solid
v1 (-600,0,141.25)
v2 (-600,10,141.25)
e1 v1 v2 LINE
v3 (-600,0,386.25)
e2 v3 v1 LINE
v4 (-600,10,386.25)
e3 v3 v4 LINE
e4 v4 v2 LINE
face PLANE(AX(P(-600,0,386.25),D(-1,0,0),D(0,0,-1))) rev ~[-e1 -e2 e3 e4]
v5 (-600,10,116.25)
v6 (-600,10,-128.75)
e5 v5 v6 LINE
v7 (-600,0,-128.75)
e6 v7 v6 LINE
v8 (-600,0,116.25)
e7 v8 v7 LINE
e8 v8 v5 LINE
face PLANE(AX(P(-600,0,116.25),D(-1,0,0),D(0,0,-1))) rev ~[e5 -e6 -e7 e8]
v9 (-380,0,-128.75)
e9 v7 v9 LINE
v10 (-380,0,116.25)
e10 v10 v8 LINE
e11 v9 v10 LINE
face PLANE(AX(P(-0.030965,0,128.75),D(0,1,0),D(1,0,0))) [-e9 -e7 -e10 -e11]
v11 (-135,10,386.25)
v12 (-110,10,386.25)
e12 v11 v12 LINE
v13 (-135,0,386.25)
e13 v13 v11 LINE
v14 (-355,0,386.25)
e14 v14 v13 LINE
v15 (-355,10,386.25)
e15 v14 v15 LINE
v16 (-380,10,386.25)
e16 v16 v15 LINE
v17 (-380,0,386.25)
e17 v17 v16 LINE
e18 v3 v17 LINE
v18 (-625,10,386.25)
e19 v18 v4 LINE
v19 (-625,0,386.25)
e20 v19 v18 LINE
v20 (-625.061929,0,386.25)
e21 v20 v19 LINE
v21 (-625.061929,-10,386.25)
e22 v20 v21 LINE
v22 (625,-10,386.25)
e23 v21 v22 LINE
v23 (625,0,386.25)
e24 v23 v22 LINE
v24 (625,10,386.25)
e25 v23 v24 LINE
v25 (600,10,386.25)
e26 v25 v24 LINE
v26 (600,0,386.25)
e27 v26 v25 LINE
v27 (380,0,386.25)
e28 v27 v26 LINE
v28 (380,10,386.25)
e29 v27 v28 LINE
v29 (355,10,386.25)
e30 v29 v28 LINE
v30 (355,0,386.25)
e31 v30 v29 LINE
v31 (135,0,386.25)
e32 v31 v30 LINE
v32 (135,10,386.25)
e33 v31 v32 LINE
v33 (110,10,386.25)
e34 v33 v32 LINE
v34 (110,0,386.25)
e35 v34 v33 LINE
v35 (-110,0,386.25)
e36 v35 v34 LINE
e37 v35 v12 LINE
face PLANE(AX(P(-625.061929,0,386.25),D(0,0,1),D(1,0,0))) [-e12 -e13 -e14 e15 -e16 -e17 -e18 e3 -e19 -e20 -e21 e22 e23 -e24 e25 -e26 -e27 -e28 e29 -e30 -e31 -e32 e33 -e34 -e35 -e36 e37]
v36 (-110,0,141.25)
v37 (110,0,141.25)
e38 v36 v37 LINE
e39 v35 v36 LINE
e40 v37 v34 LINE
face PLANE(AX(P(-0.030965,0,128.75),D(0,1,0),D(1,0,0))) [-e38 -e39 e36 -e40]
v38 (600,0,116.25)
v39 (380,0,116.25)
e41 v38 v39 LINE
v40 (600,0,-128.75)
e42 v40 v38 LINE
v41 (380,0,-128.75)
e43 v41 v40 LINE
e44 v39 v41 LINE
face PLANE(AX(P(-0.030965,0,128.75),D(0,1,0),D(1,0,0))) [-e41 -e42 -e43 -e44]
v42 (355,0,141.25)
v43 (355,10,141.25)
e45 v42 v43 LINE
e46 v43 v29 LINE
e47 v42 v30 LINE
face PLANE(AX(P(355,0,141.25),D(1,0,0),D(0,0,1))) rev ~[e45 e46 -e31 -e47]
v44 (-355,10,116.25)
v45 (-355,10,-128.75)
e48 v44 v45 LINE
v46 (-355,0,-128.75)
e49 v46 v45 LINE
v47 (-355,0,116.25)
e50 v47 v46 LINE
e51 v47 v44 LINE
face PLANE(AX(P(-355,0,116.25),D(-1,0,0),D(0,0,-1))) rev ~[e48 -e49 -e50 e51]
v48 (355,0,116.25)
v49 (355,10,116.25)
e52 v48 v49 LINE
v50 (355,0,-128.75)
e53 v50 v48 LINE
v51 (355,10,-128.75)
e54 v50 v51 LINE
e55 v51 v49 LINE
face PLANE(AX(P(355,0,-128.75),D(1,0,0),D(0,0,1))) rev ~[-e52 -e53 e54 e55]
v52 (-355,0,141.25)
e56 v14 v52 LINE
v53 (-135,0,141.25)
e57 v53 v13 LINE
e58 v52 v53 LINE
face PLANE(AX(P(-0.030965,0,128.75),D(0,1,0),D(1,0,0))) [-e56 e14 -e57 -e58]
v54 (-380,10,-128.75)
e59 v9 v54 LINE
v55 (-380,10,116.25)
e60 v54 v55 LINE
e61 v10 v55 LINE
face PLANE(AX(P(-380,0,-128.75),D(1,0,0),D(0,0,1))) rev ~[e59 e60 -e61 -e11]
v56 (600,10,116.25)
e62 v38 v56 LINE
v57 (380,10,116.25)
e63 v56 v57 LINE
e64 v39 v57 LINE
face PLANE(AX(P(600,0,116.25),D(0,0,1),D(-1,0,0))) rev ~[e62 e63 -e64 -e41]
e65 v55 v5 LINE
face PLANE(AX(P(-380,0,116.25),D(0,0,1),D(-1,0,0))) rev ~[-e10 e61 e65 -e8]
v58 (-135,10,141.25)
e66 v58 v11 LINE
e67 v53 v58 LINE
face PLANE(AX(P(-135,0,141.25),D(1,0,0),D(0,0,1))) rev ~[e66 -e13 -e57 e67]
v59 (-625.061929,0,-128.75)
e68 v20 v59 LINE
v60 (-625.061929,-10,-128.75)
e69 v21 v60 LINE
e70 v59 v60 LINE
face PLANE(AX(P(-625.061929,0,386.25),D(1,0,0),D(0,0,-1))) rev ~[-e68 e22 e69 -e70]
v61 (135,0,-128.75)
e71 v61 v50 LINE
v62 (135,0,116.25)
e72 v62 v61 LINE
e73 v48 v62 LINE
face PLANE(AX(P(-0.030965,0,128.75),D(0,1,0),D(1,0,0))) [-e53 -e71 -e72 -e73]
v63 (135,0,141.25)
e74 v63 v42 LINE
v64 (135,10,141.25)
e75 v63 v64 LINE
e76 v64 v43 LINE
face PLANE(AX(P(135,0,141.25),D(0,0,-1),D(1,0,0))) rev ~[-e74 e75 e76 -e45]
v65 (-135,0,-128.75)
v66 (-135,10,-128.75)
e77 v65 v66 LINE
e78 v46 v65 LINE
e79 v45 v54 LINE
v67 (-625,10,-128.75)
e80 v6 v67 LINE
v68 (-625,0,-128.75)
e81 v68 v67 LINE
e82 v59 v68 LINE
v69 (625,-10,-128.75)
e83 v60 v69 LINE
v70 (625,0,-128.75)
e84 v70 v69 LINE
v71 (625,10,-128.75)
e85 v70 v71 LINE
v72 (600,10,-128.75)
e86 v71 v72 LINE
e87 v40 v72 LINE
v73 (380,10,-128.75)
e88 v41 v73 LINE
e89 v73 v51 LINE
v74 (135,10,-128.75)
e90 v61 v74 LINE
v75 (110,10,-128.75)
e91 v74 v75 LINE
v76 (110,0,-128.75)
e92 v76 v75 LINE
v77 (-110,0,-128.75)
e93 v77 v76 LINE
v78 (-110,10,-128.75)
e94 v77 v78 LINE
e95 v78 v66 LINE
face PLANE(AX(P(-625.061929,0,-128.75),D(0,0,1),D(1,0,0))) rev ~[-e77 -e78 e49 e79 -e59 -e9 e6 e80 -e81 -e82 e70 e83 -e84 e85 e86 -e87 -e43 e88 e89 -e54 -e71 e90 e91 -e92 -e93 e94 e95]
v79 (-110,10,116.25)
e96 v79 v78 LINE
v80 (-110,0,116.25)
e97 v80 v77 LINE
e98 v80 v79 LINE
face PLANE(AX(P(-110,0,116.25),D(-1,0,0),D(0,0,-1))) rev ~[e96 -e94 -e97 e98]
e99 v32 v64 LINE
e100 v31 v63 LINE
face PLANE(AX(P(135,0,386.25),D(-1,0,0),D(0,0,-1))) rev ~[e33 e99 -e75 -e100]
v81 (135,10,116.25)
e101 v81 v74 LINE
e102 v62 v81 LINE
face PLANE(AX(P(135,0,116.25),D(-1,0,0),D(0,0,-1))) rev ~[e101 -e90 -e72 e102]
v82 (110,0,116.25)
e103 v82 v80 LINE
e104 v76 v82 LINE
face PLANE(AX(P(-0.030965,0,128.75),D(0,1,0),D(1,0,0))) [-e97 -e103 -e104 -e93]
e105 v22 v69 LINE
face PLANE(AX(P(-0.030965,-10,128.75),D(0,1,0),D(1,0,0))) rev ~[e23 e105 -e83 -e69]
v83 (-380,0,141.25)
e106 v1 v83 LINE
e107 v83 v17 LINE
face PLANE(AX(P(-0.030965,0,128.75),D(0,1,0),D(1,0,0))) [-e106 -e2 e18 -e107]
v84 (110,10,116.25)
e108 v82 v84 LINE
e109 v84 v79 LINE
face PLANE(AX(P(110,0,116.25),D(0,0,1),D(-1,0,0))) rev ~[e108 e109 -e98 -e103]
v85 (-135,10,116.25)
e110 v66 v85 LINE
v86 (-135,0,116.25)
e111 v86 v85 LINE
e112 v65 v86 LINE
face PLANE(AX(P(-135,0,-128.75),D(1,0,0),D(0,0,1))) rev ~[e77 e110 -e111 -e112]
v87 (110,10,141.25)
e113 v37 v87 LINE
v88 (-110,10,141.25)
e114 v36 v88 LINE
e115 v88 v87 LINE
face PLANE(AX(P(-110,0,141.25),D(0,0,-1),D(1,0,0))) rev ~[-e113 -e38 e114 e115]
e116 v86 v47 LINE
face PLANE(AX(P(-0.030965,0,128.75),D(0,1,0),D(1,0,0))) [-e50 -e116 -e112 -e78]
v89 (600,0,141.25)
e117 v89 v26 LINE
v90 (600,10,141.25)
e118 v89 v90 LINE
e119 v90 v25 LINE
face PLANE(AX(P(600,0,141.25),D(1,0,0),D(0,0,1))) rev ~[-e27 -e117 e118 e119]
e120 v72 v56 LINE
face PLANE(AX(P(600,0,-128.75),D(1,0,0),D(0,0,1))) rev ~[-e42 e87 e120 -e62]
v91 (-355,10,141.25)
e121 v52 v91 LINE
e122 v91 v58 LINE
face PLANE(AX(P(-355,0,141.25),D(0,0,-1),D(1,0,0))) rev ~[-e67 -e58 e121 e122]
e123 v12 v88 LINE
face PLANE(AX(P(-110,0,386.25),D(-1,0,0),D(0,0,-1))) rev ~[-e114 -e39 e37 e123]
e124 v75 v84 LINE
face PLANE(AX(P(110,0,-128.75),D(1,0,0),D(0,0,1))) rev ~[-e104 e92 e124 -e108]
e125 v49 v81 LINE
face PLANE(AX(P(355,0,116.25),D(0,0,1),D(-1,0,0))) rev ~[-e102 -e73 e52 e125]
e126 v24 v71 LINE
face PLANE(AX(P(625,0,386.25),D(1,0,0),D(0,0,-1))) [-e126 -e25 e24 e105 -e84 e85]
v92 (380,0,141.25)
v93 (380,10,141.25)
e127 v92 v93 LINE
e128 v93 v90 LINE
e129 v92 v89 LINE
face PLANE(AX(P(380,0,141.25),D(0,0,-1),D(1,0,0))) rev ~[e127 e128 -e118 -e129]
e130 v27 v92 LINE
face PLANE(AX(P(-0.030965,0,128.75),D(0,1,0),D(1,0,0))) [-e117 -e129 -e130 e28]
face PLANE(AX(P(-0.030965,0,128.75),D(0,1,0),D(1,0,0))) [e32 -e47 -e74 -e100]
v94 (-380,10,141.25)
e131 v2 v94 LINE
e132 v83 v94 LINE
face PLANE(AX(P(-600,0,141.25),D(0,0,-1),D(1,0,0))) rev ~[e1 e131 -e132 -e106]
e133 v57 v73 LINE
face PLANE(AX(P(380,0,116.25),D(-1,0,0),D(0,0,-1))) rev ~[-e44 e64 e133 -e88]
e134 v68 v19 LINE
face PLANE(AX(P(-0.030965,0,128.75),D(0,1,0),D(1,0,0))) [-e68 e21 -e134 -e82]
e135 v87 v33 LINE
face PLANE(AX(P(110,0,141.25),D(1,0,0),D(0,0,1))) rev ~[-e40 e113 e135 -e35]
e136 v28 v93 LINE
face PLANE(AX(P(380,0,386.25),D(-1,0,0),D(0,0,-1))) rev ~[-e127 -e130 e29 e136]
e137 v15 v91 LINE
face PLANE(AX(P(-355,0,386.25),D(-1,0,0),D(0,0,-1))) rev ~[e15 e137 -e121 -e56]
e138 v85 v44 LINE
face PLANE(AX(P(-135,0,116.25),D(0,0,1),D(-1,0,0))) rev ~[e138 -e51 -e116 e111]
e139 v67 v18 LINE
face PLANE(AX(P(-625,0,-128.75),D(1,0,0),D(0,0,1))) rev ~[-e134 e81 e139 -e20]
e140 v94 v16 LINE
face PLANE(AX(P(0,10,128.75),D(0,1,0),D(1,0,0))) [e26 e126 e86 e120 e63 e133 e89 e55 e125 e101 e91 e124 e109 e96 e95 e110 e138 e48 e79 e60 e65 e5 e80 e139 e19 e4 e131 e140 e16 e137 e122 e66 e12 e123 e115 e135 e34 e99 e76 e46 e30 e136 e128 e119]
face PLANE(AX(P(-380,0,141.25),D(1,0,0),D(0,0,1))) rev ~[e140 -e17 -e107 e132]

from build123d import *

# Parameters (mm, degrees)
BOSS_EXTRUDE1_DEPTH = 10
SKETCH2_W           = 1250.061929379
SKETCH2_H           = 515
BOSS_EXTRUDE2_DEPTH = 10


with BuildPart() as part:
    # Sketch1 → Boss-Extrude1 (new body)
    with BuildSketch(Plane(origin=(0, 0, 0), x_dir=(1, 0, 0), z_dir=(0, 1, 0))):
        Polygon((-110, 128.75), (-135, 128.75), (-135, -116.25), (-355, -116.25), (-355, 128.75), (-380, 128.75), (-380, -116.25), (-600, -116.25), (-600, 128.75), (-625, 128.75), (-625, -386.25), (-600, -386.25), (-600, -141.25), (-380, -141.25), (-380, -386.25), (-355, -386.25), (-355, -141.25), (-135, -141.25), (-135, -386.25), (-110, -386.25), (-110, -141.25), (110, -141.25), (110, -386.25), (135, -386.25), (135, -141.25), (355, -141.25), (355, -386.25), (380, -386.25), (380, -141.25), (600, -141.25), (600, -386.25), (625, -386.25), (625, 128.75), (600, 128.75), (600, -116.25), (380, -116.25), (380, 128.75), (355, 128.75), (355, -116.25), (135, -116.25), (135, 128.75), (110, 128.75), (110, -116.25), (-110, -116.25), align=None)
    extrude(amount=BOSS_EXTRUDE1_DEPTH)

    # Sketch2 → Boss-Extrude2 (add)
    with BuildSketch(Plane(origin=(0, 0, 0), x_dir=(1, 0, 0), z_dir=(0, 1, 0))):
        with Locations((-0.03096469, -128.75)):
            Rectangle(SKETCH2_W, SKETCH2_H)
    extrude(amount=-BOSS_EXTRUDE2_DEPTH)


solid = part.part
